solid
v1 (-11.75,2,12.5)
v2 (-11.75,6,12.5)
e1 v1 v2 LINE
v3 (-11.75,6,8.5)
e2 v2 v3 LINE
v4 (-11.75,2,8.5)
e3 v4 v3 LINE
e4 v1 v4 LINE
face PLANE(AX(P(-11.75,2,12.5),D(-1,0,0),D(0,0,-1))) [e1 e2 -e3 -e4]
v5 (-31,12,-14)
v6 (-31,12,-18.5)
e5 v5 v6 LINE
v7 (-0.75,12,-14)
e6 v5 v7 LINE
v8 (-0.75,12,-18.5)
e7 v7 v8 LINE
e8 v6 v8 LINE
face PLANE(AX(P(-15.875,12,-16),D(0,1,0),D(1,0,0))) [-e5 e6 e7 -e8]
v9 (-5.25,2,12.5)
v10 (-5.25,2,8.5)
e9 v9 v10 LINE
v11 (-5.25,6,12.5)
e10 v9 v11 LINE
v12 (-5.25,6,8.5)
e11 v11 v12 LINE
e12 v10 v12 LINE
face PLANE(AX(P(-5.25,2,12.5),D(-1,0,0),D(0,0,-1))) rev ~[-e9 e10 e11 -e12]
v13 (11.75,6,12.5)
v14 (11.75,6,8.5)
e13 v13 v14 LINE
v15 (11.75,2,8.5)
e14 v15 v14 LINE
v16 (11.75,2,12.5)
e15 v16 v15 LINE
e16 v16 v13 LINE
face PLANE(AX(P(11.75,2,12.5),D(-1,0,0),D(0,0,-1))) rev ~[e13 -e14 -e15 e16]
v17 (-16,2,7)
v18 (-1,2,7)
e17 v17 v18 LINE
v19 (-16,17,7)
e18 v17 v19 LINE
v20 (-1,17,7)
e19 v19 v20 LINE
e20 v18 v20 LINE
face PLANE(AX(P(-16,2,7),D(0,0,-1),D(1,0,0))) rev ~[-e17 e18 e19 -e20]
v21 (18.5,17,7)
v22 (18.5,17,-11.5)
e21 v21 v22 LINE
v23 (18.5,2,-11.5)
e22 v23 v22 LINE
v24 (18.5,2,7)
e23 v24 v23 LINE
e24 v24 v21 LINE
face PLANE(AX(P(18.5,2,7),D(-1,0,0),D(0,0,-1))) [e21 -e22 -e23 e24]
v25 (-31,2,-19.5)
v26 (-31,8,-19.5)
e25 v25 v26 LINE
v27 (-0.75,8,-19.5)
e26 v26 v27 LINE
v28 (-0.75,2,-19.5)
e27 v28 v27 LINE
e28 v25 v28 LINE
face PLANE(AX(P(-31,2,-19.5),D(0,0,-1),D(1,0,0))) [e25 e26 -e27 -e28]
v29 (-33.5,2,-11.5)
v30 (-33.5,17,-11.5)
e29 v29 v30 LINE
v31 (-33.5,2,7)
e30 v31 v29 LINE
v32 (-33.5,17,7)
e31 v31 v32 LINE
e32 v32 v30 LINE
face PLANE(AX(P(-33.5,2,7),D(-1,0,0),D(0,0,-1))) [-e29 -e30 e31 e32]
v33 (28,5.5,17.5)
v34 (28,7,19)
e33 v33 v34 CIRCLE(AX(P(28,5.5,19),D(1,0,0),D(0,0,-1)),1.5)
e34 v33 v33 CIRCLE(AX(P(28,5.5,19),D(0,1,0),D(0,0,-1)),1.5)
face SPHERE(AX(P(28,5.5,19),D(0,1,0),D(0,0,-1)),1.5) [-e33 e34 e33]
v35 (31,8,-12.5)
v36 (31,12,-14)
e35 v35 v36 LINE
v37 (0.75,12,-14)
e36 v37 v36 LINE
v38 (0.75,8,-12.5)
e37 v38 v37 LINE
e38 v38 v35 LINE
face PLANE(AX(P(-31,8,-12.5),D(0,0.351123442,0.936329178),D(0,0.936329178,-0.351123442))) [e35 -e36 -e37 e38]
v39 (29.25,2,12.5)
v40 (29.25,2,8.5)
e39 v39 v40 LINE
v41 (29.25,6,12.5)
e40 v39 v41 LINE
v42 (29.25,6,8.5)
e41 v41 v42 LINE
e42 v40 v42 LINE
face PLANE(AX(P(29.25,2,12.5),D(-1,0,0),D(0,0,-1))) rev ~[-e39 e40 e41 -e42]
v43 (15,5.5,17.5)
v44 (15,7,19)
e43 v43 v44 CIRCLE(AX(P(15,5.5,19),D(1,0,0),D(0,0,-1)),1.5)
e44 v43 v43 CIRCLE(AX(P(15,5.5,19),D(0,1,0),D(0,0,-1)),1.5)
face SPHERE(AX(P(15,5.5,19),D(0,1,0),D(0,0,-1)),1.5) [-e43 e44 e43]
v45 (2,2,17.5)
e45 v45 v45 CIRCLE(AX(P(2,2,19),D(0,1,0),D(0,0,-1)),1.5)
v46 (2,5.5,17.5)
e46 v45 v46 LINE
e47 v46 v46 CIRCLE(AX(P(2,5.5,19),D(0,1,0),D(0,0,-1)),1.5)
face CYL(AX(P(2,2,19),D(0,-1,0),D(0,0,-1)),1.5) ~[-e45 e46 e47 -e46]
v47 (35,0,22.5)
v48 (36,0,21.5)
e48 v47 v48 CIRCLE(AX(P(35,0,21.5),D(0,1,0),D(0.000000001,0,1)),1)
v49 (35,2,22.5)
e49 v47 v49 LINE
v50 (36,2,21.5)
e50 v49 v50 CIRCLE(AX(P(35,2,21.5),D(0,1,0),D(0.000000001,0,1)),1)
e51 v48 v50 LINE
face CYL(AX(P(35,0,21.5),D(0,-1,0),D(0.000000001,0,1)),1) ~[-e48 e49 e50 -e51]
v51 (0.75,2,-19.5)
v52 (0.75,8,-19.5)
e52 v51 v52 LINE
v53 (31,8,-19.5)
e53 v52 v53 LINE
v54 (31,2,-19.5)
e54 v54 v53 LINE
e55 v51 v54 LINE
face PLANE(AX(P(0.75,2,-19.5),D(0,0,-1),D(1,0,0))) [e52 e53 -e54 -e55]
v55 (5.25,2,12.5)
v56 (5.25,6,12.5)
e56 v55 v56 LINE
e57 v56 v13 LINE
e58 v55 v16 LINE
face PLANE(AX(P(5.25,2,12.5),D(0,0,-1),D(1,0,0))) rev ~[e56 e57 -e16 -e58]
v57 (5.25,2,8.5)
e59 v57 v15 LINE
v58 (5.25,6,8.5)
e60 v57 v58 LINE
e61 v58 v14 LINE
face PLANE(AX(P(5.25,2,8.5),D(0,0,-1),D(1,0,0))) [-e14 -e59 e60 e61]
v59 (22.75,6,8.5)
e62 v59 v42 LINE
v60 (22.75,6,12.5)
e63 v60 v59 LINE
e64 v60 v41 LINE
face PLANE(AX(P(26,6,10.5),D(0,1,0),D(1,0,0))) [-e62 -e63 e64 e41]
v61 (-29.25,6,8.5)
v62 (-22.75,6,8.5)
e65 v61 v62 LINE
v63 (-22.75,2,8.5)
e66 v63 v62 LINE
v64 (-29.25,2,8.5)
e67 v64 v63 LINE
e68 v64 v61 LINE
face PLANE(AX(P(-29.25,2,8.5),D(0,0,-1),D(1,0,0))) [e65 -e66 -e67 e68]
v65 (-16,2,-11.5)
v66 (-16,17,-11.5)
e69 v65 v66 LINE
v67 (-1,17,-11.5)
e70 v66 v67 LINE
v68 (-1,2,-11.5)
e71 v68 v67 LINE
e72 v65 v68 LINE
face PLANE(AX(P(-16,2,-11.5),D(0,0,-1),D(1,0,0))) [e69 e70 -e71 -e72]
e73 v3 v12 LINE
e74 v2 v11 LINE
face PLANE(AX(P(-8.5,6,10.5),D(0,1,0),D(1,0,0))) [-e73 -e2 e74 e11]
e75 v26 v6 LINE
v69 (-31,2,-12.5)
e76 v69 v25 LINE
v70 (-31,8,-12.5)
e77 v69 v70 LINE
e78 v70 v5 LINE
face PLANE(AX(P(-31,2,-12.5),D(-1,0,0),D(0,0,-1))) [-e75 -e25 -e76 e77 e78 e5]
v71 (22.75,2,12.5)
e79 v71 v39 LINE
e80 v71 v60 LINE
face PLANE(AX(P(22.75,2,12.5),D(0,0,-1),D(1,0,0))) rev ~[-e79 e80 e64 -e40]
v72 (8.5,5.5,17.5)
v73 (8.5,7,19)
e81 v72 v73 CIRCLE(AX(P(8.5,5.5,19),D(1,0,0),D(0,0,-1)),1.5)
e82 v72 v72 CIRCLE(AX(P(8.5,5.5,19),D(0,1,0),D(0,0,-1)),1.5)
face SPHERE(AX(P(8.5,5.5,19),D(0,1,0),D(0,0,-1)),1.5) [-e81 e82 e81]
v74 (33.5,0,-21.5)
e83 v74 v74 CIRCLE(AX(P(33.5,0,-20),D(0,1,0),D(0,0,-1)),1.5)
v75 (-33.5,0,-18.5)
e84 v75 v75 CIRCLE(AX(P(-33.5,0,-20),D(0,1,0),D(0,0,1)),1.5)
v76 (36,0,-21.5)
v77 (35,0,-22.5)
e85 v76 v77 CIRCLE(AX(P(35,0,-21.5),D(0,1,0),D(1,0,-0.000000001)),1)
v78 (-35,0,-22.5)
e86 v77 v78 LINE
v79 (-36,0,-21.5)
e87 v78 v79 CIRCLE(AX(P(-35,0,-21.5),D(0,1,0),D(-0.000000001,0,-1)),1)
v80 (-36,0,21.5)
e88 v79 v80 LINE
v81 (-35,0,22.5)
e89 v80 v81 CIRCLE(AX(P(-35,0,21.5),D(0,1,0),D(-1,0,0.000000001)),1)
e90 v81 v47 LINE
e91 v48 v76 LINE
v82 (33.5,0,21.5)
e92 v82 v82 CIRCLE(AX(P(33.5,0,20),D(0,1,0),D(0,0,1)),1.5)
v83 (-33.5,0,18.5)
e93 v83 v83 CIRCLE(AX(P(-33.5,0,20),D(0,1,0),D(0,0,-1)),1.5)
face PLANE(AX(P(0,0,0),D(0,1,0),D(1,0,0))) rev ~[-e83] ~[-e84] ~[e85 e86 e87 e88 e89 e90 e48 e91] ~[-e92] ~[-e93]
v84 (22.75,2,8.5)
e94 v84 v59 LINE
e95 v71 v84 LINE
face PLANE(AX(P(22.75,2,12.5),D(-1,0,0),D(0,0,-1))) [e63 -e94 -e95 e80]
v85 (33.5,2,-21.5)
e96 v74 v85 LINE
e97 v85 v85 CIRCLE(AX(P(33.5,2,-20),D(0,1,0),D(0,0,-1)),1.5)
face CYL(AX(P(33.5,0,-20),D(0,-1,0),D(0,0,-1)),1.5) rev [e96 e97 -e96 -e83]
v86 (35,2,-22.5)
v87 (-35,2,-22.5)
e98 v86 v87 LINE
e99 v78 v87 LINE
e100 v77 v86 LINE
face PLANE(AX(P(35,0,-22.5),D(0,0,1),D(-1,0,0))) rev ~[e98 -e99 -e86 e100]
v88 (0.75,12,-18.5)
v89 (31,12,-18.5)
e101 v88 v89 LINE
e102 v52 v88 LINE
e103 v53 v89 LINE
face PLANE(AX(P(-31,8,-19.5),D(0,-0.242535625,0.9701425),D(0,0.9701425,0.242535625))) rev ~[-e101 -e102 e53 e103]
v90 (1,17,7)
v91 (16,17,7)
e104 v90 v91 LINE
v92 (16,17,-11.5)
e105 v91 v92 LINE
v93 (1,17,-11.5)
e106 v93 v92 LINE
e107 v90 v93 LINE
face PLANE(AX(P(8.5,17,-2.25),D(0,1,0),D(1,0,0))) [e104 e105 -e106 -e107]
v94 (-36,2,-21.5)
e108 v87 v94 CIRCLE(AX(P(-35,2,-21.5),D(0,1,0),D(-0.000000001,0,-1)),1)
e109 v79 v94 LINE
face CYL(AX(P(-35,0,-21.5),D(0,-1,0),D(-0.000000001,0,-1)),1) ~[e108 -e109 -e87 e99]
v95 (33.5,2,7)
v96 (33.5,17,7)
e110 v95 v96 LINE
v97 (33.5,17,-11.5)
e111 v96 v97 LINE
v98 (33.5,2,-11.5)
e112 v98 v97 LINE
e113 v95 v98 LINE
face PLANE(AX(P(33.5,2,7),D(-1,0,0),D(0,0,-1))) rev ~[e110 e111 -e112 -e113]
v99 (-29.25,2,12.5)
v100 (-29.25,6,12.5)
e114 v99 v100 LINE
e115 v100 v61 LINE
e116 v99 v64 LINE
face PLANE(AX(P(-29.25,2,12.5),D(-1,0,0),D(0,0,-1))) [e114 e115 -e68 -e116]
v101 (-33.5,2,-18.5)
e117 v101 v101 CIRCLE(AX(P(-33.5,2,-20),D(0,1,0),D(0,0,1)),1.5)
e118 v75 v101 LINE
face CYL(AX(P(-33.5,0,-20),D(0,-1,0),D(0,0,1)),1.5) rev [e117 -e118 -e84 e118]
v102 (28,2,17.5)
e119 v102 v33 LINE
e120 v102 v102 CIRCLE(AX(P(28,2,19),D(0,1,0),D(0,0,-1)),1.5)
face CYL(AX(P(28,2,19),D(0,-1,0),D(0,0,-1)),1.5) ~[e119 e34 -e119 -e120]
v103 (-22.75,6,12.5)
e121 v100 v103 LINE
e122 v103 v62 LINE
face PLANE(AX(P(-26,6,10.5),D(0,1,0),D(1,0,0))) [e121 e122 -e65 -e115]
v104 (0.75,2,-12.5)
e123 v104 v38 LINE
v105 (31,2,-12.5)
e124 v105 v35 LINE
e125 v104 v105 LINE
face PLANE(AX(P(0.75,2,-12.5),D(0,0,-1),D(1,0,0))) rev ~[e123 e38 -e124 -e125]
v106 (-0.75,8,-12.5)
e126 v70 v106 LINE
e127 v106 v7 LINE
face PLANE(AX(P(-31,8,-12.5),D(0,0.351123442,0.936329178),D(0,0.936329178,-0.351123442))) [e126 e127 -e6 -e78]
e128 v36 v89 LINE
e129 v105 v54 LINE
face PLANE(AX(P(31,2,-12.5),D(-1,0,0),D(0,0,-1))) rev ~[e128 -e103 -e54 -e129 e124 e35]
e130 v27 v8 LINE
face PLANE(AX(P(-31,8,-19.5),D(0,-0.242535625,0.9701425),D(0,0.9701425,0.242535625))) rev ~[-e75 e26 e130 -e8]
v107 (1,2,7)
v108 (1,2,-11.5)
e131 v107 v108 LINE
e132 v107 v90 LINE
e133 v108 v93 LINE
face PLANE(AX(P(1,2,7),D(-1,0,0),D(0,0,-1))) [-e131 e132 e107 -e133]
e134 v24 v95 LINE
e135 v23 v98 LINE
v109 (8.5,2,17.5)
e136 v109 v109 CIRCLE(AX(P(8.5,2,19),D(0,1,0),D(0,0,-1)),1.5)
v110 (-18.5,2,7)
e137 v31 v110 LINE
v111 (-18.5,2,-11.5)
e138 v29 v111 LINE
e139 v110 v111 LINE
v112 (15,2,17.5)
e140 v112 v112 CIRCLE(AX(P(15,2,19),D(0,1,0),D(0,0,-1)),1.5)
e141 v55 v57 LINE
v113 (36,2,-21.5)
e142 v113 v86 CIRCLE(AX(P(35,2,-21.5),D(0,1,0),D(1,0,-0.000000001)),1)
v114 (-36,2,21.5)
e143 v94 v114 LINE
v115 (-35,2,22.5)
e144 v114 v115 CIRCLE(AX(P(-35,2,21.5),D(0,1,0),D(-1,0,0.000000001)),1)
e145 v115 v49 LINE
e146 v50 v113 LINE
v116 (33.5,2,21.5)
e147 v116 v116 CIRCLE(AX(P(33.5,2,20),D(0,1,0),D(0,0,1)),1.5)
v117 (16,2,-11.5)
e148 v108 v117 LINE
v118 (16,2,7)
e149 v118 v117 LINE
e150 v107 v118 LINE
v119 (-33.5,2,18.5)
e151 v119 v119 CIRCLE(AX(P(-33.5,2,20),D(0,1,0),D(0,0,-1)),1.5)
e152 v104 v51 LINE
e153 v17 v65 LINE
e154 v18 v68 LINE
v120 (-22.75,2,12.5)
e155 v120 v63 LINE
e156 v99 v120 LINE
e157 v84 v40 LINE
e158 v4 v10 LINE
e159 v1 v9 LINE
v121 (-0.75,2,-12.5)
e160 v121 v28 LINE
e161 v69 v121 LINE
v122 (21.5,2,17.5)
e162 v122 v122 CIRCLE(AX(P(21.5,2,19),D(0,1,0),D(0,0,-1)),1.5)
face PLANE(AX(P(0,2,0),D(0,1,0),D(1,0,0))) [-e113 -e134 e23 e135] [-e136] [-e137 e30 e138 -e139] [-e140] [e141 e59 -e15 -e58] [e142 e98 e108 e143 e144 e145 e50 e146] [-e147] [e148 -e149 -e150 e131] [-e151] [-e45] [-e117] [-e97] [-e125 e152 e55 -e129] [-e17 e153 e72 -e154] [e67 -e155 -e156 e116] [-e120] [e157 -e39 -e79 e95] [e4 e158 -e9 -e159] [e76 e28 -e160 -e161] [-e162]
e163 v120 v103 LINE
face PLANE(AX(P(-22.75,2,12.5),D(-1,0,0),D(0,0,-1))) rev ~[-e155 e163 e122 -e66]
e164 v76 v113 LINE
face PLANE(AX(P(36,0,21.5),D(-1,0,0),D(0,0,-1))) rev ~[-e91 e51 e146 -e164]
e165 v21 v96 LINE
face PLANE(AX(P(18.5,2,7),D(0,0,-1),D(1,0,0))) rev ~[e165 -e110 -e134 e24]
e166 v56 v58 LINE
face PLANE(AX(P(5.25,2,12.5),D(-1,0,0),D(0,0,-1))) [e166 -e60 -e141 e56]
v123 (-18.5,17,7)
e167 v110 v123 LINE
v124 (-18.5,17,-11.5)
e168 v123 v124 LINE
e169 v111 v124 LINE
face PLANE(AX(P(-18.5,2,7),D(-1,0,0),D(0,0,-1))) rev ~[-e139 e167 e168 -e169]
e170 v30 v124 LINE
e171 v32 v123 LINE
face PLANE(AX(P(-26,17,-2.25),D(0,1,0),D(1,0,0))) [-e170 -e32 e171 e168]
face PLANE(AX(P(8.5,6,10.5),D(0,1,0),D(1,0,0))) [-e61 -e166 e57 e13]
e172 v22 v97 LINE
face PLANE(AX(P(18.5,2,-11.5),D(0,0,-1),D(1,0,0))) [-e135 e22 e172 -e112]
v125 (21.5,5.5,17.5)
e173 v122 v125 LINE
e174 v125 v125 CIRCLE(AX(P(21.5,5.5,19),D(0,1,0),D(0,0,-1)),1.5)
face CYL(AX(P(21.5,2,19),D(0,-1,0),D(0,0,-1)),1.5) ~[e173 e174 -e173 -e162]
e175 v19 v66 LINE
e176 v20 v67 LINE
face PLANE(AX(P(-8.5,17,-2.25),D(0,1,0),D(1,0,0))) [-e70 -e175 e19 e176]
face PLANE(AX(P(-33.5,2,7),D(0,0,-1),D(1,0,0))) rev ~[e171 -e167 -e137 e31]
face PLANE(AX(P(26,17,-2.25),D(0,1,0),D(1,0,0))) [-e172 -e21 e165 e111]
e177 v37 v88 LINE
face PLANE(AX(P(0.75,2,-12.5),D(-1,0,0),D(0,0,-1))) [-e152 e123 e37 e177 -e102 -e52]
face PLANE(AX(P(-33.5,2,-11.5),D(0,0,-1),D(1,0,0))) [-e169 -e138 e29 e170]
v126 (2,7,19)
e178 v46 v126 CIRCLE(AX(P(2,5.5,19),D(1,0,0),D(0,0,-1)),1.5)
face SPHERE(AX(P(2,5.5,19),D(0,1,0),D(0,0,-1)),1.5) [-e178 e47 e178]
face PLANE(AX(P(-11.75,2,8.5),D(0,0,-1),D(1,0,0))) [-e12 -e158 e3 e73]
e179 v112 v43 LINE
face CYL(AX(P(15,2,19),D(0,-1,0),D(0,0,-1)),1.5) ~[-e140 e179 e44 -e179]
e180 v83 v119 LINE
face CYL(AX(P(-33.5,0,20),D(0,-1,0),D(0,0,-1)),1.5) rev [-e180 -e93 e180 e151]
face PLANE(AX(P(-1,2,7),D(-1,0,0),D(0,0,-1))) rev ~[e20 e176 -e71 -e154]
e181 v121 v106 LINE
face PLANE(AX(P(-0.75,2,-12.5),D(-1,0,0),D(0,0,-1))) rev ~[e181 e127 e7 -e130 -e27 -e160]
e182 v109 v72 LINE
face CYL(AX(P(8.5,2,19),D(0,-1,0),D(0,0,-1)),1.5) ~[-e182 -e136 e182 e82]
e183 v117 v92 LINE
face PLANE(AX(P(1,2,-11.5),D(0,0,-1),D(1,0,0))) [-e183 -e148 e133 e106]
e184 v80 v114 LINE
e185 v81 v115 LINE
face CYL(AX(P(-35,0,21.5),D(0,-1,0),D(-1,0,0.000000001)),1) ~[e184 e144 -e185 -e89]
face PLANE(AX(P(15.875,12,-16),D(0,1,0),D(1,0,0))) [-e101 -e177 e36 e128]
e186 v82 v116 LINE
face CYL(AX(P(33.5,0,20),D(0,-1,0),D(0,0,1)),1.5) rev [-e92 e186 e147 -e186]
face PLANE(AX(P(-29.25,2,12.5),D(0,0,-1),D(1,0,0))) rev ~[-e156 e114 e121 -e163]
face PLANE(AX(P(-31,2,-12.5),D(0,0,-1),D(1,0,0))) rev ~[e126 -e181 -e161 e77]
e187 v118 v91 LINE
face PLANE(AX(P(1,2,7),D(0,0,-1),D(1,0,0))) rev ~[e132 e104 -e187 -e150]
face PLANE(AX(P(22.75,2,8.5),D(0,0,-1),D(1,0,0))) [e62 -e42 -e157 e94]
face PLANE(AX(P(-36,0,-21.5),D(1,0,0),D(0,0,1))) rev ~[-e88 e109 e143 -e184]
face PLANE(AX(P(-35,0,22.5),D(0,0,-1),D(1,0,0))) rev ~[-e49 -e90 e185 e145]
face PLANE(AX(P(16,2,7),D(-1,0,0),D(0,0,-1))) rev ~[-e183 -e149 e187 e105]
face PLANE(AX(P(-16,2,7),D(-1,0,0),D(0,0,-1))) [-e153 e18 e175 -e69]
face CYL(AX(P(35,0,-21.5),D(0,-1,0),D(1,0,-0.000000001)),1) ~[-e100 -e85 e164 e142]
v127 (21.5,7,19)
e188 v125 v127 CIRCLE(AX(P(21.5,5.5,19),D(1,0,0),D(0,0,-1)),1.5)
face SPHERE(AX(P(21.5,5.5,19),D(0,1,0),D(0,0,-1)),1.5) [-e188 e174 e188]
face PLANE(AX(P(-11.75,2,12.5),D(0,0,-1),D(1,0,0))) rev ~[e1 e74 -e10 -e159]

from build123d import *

# Parameters (mm, degrees)
SKETCH1_R           = 1.5
BOSS_EXTRUDE1_DEPTH = 2
SKETCH2_W           = 30.25
SKETCH2_H           = 7
BOSS_EXTRUDE2_DEPTH = 10
CUT_EXTRUDE1_DEPTH  = 72.688562547
SKETCH4_W           = 15
SKETCH4_H           = 18.5
BOSS_EXTRUDE3_DEPTH = 15
SKETCH5_W           = 6.5
SKETCH5_H           = 4
BOSS_EXTRUDE4_DEPTH = 4
SKETCH6_R           = 1.5
BOSS_EXTRUDE5_DEPTH = 5
FILLET1_R           = 1.5
FILLET2_R           = 1.5
FILLET3_R           = 1.5
FILLET4_R           = 1.5
FILLET5_R           = 1.5


with BuildPart() as part:
    # Sketch1 → Boss-Extrude1 (new body)
    with BuildSketch(Plane(origin=(0, 0, 0), x_dir=(1, 0, 0), z_dir=(0, 1, 0))):
        with BuildLine():
            Line((-35, -22.5), (35, -22.5))
            ThreePointArc((35, -22.5), (35.707106781, -22.207106781), (36, -21.5))
            Line((36, -21.5), (36, 21.5))
            ThreePointArc((36, 21.5), (35.707106781, 22.207106781), (35, 22.5))
            Line((35, 22.5), (-35, 22.5))
            ThreePointArc((-35, 22.5), (-35.707106781, 22.207106781), (-36, 21.5))
            Line((-36, 21.5), (-36, -21.5))
            ThreePointArc((-36, -21.5), (-35.707106781, -22.207106781), (-35, -22.5))
        make_face()
        with Locations(Location((-33.5, 20, 0), (0, 0, 270))):
            Circle(SKETCH1_R, mode=Mode.SUBTRACT)
        with Locations(Location((33.5, 20, 0), (0, 0, 90))):
            Circle(SKETCH1_R, mode=Mode.SUBTRACT)
        with Locations(Location((33.5, -20, 0), (0, 0, 270))):
            Circle(SKETCH1_R, mode=Mode.SUBTRACT)
        with Locations(Location((-33.5, -20, 0), (0, 0, 90))):
            Circle(SKETCH1_R, mode=Mode.SUBTRACT)
    extrude(amount=BOSS_EXTRUDE1_DEPTH)

    # Sketch2 → Boss-Extrude2 (add)
    with BuildSketch(Plane(origin=(0, 2, 0), x_dir=(1, 0, 0), z_dir=(0, 1, 0))):
        with Locations((-15.875, 16)):
            Rectangle(SKETCH2_W, SKETCH2_H)
        with Locations((15.875, 16)):
            Rectangle(SKETCH2_W, SKETCH2_H)
    extrude(amount=BOSS_EXTRUDE2_DEPTH)

    # Sketch3 → Cut-Extrude1 (cut, through all)
    with BuildSketch(Plane.ZY.offset(31)):
        Polygon((-19.5, 8), (-18.5, 12), (-19.5, 12), align=None)
        Polygon((-12.5, 8), (-14, 12), (-12.5, 12), align=None)
    extrude(amount=-CUT_EXTRUDE1_DEPTH, mode=Mode.SUBTRACT)

    # Sketch4 → Boss-Extrude3 (add)
    with BuildSketch(Plane(origin=(0, 2, 0), x_dir=(1, 0, 0), z_dir=(0, 1, 0))):
        with Locations((26, 2.25)):
            Rectangle(SKETCH4_W, SKETCH4_H)
        with Locations((8.5, 2.25)):
            Rectangle(SKETCH4_W, SKETCH4_H)
        with Locations((-8.5, 2.25)):
            Rectangle(SKETCH4_W, SKETCH4_H)
        with Locations((-26, 2.25)):
            Rectangle(SKETCH4_W, SKETCH4_H)
    extrude(amount=BOSS_EXTRUDE3_DEPTH)

    # Sketch5 → Boss-Extrude4 (add)
    with BuildSketch(Plane(origin=(0, 2, 0), x_dir=(1, 0, 0), z_dir=(0, 1, 0))):
        with Locations((-26, -10.5)):
            Rectangle(SKETCH5_W, SKETCH5_H)
        with Locations((-8.5, -10.5)):
            Rectangle(SKETCH5_W, SKETCH5_H)
        with Locations((8.5, -10.5)):
            Rectangle(SKETCH5_W, SKETCH5_H)
        with Locations((26, -10.5)):
            Rectangle(SKETCH5_W, SKETCH5_H)
    extrude(amount=BOSS_EXTRUDE4_DEPTH)

    # Sketch6 → Boss-Extrude5 (add)
    with BuildSketch(Plane(origin=(0, 2, 0), x_dir=(1, 0, 0), z_dir=(0, 1, 0))):
        with Locations(Location((28, -19, 0), (0, 0, 90))):
            Circle(SKETCH6_R)
        with Locations(Location((21.5, -19, 0), (0, 0, 90))):
            Circle(SKETCH6_R)
        with Locations(Location((15, -19, 0), (0, 0, 90))):
            Circle(SKETCH6_R)
        with Locations(Location((8.5, -19, 0), (0, 0, 90))):
            Circle(SKETCH6_R)
        with Locations(Location((2, -19, 0), (0, 0, 90))):
            Circle(SKETCH6_R)
    extrude(amount=BOSS_EXTRUDE5_DEPTH)

    # Fillet1
    fillet1_edges = [part.edges().sort_by_distance(p)[0] for p in [
        (2, 7, 20.5),
    ]]
    fillet(fillet1_edges, radius=FILLET1_R)

    # Fillet2
    fillet2_edges = [part.edges().sort_by_distance(p)[0] for p in [
        (8.5, 7, 20.5),
    ]]
    fillet(fillet2_edges, radius=FILLET2_R)

    # Fillet3
    fillet3_edges = [part.edges().sort_by_distance(p)[0] for p in [
        (15, 7, 20.5),
    ]]
    fillet(fillet3_edges, radius=FILLET3_R)

    # Fillet4
    fillet4_edges = [part.edges().sort_by_distance(p)[0] for p in [
        (21.5, 7, 20.5),
    ]]
    fillet(fillet4_edges, radius=FILLET4_R)

    # Fillet5
    fillet5_edges = [part.edges().sort_by_distance(p)[0] for p in [
        (28, 7, 20.5),
    ]]
    fillet(fillet5_edges, radius=FILLET5_R)


solid = part.part
